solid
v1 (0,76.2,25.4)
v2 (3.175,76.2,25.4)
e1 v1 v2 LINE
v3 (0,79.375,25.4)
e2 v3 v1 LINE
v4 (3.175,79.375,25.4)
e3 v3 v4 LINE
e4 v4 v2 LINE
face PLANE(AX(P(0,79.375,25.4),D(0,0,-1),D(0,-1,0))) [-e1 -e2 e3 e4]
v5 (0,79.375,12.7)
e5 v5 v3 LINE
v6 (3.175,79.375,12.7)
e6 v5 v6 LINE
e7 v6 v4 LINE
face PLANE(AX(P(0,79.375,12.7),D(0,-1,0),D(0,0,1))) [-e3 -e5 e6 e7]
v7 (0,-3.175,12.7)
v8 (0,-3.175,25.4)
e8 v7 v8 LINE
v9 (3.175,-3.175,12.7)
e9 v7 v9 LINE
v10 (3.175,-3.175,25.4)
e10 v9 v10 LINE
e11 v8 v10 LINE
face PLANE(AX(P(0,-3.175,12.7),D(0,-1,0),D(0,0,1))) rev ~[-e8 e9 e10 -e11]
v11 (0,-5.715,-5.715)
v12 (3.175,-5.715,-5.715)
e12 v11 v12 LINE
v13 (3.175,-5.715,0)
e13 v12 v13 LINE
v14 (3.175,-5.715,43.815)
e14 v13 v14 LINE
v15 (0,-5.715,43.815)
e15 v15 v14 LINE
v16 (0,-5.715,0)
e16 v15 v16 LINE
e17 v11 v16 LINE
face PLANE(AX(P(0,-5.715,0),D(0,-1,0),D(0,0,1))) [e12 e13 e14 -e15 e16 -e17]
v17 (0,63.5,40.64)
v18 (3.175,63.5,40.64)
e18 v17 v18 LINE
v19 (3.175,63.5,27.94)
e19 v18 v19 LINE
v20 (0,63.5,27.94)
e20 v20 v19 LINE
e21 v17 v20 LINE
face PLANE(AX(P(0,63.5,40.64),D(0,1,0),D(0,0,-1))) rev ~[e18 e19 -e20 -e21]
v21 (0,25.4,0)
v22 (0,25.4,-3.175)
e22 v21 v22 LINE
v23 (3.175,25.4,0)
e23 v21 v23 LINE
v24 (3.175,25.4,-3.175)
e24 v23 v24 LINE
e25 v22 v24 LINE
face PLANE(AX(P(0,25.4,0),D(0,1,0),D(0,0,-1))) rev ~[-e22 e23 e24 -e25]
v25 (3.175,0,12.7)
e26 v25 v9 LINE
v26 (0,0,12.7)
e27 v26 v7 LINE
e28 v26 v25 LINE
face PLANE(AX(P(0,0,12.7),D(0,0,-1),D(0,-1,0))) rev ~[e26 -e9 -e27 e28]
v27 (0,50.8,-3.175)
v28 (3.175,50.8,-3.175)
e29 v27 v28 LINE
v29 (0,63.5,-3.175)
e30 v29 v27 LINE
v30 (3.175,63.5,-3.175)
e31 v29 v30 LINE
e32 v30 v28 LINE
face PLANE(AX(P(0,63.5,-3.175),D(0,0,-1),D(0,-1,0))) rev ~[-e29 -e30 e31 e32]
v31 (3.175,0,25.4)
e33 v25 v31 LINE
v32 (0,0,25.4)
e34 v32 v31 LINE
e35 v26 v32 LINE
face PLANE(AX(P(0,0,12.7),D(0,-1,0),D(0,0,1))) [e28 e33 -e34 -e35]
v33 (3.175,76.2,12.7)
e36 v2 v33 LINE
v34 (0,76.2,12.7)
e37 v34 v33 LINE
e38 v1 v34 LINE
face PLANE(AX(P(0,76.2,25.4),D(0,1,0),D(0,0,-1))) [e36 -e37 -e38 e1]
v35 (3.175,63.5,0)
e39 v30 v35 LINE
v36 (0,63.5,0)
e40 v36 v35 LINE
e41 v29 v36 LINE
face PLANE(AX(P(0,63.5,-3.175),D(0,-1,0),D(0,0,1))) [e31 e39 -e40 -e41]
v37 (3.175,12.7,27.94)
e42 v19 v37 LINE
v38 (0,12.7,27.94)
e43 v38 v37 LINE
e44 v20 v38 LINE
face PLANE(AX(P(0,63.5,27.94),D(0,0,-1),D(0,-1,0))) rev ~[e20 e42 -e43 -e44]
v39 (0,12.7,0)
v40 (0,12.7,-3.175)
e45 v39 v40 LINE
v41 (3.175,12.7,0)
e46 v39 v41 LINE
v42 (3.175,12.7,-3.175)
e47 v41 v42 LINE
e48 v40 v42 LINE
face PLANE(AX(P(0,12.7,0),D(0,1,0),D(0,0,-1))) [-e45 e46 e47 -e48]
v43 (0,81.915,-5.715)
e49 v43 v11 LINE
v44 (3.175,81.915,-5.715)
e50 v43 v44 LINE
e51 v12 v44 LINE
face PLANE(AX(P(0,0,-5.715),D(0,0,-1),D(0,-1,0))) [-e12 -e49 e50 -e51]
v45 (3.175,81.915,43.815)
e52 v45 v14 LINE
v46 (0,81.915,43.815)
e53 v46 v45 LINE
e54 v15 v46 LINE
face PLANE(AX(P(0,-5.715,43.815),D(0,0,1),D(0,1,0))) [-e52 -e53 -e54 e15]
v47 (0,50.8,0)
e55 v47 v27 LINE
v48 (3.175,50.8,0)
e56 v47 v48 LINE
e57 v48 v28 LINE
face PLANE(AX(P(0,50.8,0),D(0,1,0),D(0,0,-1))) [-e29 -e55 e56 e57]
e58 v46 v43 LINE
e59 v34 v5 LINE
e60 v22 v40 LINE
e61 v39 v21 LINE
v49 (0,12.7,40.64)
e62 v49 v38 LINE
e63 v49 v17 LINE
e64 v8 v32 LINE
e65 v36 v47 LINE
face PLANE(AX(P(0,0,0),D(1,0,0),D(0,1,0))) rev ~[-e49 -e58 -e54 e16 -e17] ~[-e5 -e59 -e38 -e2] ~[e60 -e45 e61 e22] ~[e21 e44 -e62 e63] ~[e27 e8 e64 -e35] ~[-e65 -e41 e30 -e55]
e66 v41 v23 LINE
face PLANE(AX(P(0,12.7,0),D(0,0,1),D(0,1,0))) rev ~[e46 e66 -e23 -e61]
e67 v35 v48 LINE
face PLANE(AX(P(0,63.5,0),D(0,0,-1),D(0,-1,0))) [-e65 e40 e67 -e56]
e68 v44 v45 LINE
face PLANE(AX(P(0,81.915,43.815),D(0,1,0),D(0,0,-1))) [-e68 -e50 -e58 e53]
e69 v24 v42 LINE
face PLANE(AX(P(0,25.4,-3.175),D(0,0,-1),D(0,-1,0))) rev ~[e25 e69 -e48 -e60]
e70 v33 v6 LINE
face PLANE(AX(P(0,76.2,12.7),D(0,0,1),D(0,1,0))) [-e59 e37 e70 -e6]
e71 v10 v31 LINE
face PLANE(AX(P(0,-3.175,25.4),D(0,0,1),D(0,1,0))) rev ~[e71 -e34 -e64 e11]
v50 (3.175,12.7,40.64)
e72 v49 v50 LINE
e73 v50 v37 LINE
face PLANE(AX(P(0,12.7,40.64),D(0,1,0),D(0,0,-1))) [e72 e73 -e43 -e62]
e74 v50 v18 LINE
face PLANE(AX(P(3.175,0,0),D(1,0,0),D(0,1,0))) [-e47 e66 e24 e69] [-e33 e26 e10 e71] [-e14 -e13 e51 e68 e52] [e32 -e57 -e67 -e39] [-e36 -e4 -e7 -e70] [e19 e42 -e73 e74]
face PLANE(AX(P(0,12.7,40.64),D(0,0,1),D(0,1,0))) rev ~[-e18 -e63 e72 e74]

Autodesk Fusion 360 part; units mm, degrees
sketch "Sketch1" plane through (0, 0, 0) normal (1, 0, 0) x (0, 1, 0)
  line L0 (25.4, 0) -> (25.4, -3.175)
  line L1 (12.7, 0) -> (12.7, -3.175)
  line L2 (76.2, 25.4) -> (76.2, 12.7)
  line L3 (0, 0) -> (0, 25.4)
  line L4 (0, 12.7) -> (-3.175, 12.7)
  line L5 (76.2, 12.7) -> (79.375, 12.7)
  line L6 (-3.175, 25.4) -> (0, 25.4)
  line L7 (63.5, -3.175) -> (63.5, 0)
  line L8 (50.8, 0) -> (50.8, -3.175)
  line L9 (79.375, 12.7) -> (79.375, 25.4)
  line L10 (0, -3.175) -> (0, 0)
  line L11 (0, 0) -> (0, 12.7)
  line L12 (25.4, -3.175) -> (38.1, -3.175)
  line L13 (-3.175, 12.7) -> (-3.175, 25.4)
  line L14 (79.375, 25.4) -> (76.2, 25.4)
  line L15 (0, 0) -> (-7.62, 0)
  line L16 (0, 0) -> (-5.715, 0)
  line L17 (-5.715, 0) -> (-5.715, 38.1)
  line L18 (-5.715, 38.1) -> (-5.715, 43.815)
  line L19 (-5.715, 43.815) -> (76.2, 43.815)
  line L20 (76.2, 43.815) -> (81.915, 43.815)
  line L21 (81.915, 43.815) -> (81.915, 0)
  line L22 (81.915, 0) -> (81.915, -5.715)
  line L23 (81.915, -5.715) -> (0, -5.715)
  line L24 (0, -5.715) -> (-5.715, -5.715)
  line L25 (-5.715, -5.715) -> (-5.715, 0)
  line L26 (-5.715, 43.815) -> (12.7, 43.815)
  line L27 (12.7, 43.815) -> (12.7, 40.64)
  line L28 (12.7, 40.64) -> (12.7, 27.94)
  line L29 (81.915, 43.815) -> (63.5, 43.815)
  line L30 (63.5, 43.815) -> (63.5, 27.94)
  line L31 (63.5, 27.94) -> (12.7, 27.94)
  line L32 (12.7, 40.64) -> (63.5, 40.64)
  line L33 (63.5, -3.175) -> (50.8, -3.175)
  line L34 (63.5, 0) -> (50.8, 0)
  line L35 (25.4, -3.175) -> (12.7, -3.175)
  line L36 (12.7, 0) -> (25.4, 0)
  dimension "d2" = 12.7
  dimension "d3" = 3.175
  dimension "d4" = 12.7
  dimension "d6" = 12.7
  dimension "d9" = 12.7
  dimension "d10" = 3.175
  dimension "d12" = 12.7
  dimension "d13" = 3.175
  dimension "d14" = 12.7
  dimension "d16" = 3.175
  dimension "d17" = 12.7
  dimension "d18" = 7.62
  dimension "d21" = 5.715
  dimension "d22" = 5.715
  dimension "d23" = 5.715
  dimension "d24" = 5.715
  dimension "d25" = 3.175
  dimension "d26" = 12.7
  dimension "d27" = 18.415
extrude "Extrude1" add sketch "Sketch1" along normal blind 3.175 contours L17 L18 L19 L20 L21 L22 L23 L24 L25 L26 L27 L28 L29 L30 L31 | L19 L27 L30 L32
